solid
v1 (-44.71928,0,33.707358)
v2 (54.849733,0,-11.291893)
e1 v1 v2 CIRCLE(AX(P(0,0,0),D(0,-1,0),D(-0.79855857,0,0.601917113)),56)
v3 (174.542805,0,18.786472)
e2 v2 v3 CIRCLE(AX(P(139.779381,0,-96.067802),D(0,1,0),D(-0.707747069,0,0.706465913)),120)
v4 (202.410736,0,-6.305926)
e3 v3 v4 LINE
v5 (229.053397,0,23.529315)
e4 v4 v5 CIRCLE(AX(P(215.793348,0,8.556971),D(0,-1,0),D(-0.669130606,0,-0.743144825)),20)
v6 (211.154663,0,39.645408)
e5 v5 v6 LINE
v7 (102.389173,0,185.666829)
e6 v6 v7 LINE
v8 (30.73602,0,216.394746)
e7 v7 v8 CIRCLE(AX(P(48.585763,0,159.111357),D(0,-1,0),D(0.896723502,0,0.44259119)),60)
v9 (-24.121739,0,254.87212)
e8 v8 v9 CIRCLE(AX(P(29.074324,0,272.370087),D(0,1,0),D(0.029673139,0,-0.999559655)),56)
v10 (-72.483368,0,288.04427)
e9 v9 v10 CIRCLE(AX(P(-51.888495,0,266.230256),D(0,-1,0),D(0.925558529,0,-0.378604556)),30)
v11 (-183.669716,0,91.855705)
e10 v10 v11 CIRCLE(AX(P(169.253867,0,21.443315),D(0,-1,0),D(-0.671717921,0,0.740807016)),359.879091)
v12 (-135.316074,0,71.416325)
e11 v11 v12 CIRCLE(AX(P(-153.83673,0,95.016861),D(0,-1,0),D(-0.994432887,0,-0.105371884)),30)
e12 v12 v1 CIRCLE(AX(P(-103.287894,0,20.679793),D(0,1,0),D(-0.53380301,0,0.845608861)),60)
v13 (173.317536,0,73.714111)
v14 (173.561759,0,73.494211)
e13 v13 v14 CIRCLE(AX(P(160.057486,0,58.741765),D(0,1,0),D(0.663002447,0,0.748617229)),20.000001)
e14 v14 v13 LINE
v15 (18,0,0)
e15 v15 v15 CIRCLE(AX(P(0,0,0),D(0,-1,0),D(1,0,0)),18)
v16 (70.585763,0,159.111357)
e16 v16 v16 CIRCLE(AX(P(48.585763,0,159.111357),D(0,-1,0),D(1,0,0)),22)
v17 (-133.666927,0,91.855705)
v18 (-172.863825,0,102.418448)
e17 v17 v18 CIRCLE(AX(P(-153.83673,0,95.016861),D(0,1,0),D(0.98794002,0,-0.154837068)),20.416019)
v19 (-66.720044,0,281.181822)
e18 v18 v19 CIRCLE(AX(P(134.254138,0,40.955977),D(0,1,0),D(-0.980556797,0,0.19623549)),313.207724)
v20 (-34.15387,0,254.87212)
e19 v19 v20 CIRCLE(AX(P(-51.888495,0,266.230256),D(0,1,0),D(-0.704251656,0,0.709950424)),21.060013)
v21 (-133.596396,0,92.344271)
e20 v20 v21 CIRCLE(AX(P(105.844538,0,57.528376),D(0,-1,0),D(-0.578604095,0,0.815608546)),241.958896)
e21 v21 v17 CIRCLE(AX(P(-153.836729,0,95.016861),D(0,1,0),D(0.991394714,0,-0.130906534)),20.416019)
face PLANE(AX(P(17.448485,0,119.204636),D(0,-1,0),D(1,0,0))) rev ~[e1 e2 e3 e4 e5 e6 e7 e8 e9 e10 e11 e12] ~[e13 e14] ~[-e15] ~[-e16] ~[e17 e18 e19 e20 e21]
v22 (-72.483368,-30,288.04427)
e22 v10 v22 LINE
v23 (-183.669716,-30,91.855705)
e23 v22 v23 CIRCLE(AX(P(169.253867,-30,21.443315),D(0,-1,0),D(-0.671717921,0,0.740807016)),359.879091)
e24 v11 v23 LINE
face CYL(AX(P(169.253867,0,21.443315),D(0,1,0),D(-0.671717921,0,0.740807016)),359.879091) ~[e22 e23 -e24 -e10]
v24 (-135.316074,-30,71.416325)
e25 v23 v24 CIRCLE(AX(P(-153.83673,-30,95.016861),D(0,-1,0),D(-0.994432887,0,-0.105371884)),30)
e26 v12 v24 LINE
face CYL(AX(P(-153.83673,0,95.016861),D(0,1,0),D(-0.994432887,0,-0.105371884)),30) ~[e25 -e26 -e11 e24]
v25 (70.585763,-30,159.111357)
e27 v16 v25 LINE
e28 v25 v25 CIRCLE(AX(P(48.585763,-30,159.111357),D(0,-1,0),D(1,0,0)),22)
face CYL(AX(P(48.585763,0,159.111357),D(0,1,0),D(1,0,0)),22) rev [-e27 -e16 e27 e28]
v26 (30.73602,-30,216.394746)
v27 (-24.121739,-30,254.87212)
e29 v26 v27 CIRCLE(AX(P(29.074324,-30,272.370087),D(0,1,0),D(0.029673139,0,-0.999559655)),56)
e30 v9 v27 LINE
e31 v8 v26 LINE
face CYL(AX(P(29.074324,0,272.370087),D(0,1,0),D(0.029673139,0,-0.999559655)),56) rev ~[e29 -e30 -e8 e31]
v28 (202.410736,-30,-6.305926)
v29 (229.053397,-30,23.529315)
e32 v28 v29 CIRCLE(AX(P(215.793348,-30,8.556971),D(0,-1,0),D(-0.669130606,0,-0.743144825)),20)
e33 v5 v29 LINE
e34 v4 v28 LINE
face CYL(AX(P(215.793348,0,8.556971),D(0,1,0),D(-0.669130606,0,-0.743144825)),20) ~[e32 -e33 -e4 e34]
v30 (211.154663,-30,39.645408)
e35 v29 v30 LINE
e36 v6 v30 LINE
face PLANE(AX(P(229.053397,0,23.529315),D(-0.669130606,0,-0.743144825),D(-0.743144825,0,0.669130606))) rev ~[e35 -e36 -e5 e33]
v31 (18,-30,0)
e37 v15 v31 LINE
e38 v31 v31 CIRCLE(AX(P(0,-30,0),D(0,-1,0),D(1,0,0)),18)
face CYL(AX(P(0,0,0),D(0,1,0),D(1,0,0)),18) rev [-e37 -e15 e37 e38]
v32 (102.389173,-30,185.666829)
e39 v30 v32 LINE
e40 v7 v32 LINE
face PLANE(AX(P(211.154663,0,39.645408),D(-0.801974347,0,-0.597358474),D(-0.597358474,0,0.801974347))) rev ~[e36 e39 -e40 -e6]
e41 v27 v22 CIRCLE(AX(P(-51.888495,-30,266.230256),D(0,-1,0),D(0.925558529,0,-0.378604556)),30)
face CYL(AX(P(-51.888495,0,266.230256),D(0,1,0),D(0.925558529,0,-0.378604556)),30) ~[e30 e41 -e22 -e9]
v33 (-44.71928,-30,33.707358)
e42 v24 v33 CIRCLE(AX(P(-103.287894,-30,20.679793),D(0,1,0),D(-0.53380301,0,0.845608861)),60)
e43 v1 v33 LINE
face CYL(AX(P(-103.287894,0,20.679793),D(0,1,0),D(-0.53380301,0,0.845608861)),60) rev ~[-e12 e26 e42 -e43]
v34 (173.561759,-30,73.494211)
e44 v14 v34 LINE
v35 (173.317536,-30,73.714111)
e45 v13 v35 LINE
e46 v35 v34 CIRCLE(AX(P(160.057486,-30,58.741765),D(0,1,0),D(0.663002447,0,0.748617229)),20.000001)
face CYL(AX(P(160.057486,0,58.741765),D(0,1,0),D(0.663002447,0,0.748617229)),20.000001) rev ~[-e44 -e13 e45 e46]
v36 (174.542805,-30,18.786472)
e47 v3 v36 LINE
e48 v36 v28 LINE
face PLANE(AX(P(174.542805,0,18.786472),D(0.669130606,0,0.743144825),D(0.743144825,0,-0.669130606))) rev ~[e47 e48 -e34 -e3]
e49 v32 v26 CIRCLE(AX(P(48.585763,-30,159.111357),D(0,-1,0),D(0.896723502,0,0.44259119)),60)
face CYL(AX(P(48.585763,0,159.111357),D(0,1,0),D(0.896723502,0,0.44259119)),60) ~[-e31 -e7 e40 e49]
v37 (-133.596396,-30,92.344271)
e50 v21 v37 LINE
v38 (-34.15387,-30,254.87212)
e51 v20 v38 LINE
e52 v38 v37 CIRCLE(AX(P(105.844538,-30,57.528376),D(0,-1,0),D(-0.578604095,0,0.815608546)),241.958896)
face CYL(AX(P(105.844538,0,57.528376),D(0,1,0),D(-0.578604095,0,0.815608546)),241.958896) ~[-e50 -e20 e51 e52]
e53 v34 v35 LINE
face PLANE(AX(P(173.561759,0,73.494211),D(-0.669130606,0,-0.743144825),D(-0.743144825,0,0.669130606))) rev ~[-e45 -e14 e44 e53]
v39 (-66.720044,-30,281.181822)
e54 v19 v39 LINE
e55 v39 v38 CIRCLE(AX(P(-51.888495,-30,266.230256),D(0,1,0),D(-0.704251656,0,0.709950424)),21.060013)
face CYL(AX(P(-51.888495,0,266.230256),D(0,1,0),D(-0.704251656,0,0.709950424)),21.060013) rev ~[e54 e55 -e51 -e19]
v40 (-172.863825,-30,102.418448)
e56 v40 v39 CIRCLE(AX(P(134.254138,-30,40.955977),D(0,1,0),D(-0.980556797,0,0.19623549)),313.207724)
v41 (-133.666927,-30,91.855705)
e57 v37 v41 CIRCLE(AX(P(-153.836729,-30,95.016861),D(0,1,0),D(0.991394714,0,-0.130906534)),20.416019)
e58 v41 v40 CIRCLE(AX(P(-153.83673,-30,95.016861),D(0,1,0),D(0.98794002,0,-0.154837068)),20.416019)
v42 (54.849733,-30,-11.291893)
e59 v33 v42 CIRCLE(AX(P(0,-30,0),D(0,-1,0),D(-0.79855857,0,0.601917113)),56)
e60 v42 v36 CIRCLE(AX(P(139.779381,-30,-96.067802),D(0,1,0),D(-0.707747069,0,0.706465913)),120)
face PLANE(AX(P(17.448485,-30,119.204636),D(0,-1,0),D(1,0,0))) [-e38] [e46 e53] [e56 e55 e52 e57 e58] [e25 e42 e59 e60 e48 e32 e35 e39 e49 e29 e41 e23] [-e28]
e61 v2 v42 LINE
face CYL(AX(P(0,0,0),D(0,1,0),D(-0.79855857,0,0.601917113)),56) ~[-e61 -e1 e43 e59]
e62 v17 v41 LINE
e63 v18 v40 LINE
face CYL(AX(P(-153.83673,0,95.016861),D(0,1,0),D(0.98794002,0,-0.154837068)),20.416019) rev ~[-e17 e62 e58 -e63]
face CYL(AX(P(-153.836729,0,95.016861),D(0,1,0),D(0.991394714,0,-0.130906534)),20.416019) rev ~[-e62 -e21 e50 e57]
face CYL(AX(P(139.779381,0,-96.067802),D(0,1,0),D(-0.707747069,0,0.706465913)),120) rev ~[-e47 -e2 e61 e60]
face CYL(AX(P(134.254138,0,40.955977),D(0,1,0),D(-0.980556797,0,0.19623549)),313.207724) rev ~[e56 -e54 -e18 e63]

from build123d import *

# Parameters (mm, degrees)
F0_R     = 42
F0_R_2   = 18
F0_R_3   = 22
F1_DEPTH = 30


with BuildPart() as f1:
    # F0 (on Front) → F1 (new body)
    with BuildSketch(Plane.XZ):
        with BuildLine():
            ThreePointArc((-44.7192799077, 33.7073583144), (17.7724551647, 53.1049888185), (56, 0))
            ThreePointArc((56, 0), (55.7116909696, -5.6751642535), (54.8497325249, -11.2918927533))
            ThreePointArc((54.8497325249, -11.2918927533), (110.5331929325, 20.3137275723), (174.5428054092, 18.7864719529))
            Line((174.5428054092, 18.7864719529), (146.6748744538, 43.8788696913))
            ThreePointArc((146.6748744538, 43.8788696913), (145.1397401617, 72.0632091322), (173.3175355109, 73.714110786))
            ThreePointArc((173.3175355109, 73.714110786), (173.4400987081, 73.6046627104), (173.5617585583, 73.4942113664))
            Line((173.5617585583, 73.4942113664), (211.154662648, 39.6454084871))
            Line((211.154662648, 39.6454084871), (102.3891728687, 185.6668285421))
            ThreePointArc((102.3891728687, 185.6668285421), (72.2335487758, 214.2546452007), (30.7360200233, 216.3947464073))
            ThreePointArc((30.7360200233, 216.3947464073), (-3.0827094694, 226.523329506), (-24.1217388998, 254.8721196162))
            ThreePointArc((-24.1217388998, 254.8721196162), (-34.9192028244, 290.9697617892), (-72.4833678821, 288.0442701771))
            ThreePointArc((-72.4833678821, 288.0442701771), (-143.8401450983, 198.8837266105), (-183.6697161198, 91.8557047844))
            ThreePointArc((-183.6697161198, 91.8557047844), (-165.517237967, 67.3841683094), (-135.3160744668, 71.4163245279))
            ThreePointArc((-135.3160744668, 71.4163245279), (-80.2316542685, 76.0730218365), (-44.7192799077, 33.7073583144))
        make_face()
        with BuildLine():
            ThreePointArc((-133.6669272736, 91.8557047844), (-159.1489166935, 75.3040608818), (-172.8638245024, 102.418448289))
            ThreePointArc((-172.8638245024, 102.418448289), (-135.0570069211, 200.8640304289), (-66.7200441302, 281.1818218266))
            ThreePointArc((-66.7200441302, 281.1818218266), (-38.6538028976, 282.6121701059), (-34.1538704583, 254.8721196162))
            ThreePointArc((-34.1538704583, 254.8721196162), (-100.5467871276, 183.8087325082), (-133.5963961624, 92.3442710286))
            ThreePointArc((-133.5963961624, 92.3442710286), (-133.6301850572, 92.0997747306), (-133.6669272736, 91.8557047844))
        make_face(mode=Mode.SUBTRACT)
        with Locations((48.5857627593, 159.1113571547)):
            Circle(F0_R, mode=Mode.SUBTRACT)
        with BuildLine():
            ThreePointArc((54.8497325249, -11.2918927533), (55.7116909696, -5.6751642535), (56, 0))
            ThreePointArc((56, 0), (17.7724551647, 53.1049888185), (-44.7192799077, 33.7073583144))
            ThreePointArc((-44.7192799077, 33.7073583144), (-23.0627332881, -51.0304843528), (54.8497325249, -11.2918927533))
        make_face()
        Circle(F0_R_2, mode=Mode.SUBTRACT)
        with Locations((48.5857627593, 159.1113571547)):
            Circle(F0_R)
        with Locations((48.5857627593, 159.1113571547)):
            Circle(F0_R_3, mode=Mode.SUBTRACT)
        with BuildLine():
            Line((146.6748744538, 43.8788696913), (174.5428054092, 18.7864719529))
            Line((174.5428054092, 18.7864719529), (202.4107363646, -6.3059257856))
            ThreePointArc((202.4107363646, -6.3059257856), (230.711094911, -4.7644722073), (229.0533974217, 23.5293153091))
            Line((229.0533974217, 23.5293153091), (211.154662648, 39.6454084871))
            Line((211.154662648, 39.6454084871), (173.5617585583, 73.4942113664))
            Line((173.5617585583, 73.4942113664), (173.3175355109, 73.714110786))
            ThreePointArc((173.3175355109, 73.714110786), (145.1397401617, 72.0632091322), (146.6748744538, 43.8788696913))
        make_face()
    extrude(amount=F1_DEPTH)


solid = f1.part
